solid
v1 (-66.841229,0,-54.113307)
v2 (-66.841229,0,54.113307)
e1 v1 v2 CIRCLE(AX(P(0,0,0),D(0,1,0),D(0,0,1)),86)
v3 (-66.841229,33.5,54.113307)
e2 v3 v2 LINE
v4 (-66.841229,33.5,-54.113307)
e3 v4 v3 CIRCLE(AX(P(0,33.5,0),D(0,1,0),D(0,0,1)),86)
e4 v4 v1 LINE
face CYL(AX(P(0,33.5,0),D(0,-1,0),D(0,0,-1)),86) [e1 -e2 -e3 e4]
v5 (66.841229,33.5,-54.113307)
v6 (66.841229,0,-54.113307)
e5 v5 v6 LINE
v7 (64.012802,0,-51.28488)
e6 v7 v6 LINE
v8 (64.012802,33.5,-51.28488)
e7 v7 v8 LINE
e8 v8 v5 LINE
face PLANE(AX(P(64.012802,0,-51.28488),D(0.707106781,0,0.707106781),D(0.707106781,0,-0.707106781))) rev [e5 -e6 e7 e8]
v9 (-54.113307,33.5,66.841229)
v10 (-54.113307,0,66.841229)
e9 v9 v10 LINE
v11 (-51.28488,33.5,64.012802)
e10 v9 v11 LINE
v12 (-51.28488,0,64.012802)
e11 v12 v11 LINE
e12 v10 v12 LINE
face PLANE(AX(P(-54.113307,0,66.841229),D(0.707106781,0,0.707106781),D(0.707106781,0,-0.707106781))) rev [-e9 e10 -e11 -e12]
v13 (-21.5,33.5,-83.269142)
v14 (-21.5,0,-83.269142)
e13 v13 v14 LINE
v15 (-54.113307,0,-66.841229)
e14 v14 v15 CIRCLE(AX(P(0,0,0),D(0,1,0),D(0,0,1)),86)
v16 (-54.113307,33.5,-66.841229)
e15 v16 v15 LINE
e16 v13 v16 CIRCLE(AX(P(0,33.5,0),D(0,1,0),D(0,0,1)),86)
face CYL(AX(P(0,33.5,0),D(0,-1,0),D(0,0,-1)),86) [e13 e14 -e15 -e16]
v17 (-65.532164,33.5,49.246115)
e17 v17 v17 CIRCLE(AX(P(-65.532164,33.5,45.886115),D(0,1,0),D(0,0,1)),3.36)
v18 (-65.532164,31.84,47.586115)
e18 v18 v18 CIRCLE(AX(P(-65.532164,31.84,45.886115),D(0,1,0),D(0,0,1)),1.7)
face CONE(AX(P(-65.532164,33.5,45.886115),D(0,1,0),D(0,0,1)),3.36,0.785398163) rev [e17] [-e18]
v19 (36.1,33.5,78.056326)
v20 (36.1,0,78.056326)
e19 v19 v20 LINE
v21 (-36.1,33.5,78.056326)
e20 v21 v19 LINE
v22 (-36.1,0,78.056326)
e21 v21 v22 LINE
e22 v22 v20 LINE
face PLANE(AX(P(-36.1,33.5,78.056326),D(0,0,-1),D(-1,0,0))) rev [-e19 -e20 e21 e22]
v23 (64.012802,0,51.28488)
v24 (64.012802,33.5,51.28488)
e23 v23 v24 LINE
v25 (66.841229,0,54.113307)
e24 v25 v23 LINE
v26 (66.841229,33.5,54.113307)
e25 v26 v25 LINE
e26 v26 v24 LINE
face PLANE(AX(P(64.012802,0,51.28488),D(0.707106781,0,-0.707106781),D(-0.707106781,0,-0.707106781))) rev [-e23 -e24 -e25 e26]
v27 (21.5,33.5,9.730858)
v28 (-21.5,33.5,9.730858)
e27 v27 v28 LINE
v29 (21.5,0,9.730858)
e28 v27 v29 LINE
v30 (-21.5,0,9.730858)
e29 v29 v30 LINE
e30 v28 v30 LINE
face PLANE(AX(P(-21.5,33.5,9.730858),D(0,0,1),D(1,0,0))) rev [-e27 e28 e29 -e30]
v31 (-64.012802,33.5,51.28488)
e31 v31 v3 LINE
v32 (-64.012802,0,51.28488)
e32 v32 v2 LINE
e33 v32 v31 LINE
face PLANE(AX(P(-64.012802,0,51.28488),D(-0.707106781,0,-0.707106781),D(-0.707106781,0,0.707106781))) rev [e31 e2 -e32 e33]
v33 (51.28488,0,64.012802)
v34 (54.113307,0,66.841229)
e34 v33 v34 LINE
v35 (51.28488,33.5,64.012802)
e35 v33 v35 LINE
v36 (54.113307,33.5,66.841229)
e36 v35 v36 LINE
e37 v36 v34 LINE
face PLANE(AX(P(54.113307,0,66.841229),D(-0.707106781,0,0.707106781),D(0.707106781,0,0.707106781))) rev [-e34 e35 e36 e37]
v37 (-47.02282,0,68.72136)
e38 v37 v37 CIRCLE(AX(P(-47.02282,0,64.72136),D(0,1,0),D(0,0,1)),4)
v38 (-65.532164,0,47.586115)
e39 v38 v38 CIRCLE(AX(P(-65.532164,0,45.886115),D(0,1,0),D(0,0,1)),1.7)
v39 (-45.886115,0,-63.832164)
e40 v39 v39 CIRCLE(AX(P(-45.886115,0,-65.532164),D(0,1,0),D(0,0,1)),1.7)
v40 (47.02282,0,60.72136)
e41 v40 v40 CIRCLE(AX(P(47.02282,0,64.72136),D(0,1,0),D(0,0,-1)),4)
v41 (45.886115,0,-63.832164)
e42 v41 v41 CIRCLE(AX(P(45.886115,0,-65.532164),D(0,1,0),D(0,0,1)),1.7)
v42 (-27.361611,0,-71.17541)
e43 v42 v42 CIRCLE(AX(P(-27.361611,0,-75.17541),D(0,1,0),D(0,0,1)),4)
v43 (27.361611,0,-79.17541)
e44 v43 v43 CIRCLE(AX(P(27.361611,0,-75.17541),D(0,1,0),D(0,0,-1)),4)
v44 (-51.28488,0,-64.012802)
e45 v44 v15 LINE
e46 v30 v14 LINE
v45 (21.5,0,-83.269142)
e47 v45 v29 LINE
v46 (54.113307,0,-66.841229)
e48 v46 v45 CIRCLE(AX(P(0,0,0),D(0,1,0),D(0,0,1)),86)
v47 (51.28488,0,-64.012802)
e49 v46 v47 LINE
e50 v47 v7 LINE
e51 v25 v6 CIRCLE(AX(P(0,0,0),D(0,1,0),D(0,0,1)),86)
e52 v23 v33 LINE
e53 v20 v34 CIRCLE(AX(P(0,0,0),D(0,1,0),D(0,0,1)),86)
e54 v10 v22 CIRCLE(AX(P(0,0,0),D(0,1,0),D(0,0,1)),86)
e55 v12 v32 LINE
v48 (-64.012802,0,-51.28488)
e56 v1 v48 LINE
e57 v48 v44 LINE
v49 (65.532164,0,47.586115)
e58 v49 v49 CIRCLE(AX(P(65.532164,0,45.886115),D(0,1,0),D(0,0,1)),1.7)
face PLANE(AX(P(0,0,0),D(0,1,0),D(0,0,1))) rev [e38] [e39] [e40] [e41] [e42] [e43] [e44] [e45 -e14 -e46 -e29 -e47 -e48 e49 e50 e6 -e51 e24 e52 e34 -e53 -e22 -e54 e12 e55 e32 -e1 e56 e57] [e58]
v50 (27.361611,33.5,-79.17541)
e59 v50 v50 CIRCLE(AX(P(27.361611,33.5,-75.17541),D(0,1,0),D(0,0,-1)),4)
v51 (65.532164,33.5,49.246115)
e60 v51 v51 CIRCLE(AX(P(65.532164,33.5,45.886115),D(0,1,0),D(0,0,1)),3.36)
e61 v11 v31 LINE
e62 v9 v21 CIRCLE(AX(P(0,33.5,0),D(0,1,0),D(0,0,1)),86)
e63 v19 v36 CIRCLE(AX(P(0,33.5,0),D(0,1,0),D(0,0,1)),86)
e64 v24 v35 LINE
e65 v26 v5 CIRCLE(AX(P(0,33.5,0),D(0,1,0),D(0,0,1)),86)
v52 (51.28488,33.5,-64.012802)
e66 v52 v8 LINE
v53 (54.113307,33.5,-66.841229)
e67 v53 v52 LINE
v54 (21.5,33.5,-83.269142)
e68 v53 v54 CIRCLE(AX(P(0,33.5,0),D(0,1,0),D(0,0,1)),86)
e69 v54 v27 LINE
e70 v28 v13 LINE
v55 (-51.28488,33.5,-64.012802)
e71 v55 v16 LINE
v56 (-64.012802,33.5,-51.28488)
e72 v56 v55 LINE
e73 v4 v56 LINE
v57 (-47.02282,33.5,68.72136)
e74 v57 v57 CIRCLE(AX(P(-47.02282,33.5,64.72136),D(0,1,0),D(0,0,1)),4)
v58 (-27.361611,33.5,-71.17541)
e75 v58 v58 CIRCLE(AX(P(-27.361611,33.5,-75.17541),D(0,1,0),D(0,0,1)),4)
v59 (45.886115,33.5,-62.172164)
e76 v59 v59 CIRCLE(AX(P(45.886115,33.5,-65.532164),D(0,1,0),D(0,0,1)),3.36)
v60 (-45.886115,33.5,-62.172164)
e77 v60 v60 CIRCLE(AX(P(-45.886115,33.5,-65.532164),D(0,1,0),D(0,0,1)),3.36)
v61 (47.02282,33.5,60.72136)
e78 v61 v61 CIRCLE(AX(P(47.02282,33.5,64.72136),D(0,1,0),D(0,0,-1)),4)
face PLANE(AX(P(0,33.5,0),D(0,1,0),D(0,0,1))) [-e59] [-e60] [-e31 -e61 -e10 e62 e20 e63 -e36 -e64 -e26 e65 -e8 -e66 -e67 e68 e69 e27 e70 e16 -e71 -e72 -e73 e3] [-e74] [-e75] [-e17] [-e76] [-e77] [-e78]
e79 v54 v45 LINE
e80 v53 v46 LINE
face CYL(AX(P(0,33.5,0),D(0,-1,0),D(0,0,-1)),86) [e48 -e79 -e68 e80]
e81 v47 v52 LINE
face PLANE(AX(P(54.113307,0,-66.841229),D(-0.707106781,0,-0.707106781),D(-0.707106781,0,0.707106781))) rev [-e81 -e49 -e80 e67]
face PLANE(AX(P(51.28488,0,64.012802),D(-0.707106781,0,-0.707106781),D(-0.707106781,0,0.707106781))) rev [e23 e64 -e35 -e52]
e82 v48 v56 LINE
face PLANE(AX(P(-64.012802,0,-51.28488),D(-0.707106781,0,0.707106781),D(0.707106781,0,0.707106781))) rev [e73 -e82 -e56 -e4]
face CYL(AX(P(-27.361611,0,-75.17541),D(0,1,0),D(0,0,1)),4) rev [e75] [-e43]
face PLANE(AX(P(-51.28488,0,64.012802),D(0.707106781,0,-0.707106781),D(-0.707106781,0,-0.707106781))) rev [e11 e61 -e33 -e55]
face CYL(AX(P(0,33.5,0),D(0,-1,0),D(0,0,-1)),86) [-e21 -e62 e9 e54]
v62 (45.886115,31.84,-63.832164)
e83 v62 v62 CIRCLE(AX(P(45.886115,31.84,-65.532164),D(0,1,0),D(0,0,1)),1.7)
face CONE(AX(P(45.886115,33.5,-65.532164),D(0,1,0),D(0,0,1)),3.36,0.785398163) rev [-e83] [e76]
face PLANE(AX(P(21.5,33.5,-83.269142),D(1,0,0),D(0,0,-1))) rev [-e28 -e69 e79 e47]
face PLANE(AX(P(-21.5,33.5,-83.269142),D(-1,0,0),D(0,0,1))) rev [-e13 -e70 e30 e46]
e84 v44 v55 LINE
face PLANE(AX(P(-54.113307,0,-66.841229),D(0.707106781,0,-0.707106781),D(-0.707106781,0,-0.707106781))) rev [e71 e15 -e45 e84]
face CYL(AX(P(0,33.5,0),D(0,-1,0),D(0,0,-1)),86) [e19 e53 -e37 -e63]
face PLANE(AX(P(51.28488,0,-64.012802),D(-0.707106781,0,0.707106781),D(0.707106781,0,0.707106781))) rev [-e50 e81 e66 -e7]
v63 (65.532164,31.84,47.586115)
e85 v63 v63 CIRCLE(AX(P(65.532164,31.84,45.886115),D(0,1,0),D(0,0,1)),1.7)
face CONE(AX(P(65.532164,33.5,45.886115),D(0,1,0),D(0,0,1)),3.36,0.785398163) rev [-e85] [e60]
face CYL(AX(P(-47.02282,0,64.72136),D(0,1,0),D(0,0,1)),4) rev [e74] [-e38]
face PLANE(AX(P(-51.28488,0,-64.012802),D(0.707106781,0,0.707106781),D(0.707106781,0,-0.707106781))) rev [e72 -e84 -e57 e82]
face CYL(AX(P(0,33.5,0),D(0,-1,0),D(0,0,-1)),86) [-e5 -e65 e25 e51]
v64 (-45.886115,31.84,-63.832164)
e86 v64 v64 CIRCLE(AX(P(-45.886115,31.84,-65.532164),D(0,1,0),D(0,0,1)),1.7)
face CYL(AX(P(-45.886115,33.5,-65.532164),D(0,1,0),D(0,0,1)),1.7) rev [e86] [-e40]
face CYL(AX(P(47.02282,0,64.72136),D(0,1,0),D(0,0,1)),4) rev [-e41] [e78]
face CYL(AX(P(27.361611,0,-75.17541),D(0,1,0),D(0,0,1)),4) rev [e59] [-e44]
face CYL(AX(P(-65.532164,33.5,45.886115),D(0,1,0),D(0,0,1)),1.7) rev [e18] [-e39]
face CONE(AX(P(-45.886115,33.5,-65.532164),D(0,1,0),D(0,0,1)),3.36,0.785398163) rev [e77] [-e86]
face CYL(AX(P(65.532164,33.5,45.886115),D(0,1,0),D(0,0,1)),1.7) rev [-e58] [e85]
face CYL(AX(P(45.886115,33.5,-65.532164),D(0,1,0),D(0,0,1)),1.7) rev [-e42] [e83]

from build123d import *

# Parameters (mm, degrees)
RESSALTO_EXTRUS_O2_DEPTH             = 33.5
ESCAREADO_PARA_SFHCS_M31_D           = 3.4
ESCAREADO_PARA_SFHCS_M31_CSINK_D     = 6.72
ESCAREADO_PARA_SFHCS_M31_CSINK_ANGLE = 90
ESBO_O7_R                            = 4
CORTE_EXTRUS_O1_DEPTH                = 125.306073866
CORTE_EXTRUS_O2_DEPTH                = 125.306073866


with BuildPart() as part:
    # Esboço3 → Ressalto-extrusão2 (new body)
    with BuildSketch(Plane(origin=(0, 0, 0), x_dir=(1, 0, 0), z_dir=(0, 1, 0))):
        with BuildLine():
            Line((-21.5, 83.269141943), (-21.5, -9.730858057))
            Line((-21.5, -9.730858057), (21.5, -9.730858057))
            Line((21.5, -9.730858057), (21.5, 83.269141943))
            ThreePointArc((21.5, 83.269141943), (38.688656502, 76.806170703), (54.113307426, 66.841229488))
            Line((54.113307426, 66.841229488), (66.841229488, 54.113307426))
            ThreePointArc((66.841229488, 54.113307426), (86, 0), (66.841229488, -54.113307426))
            Line((66.841229488, -54.113307426), (54.113307426, -66.841229488))
            ThreePointArc((54.113307426, -66.841229488), (45.453875584, -73.006473647), (36.1, -78.056325817))
            Line((36.1, -78.056325817), (-36.1, -78.056325817))
            ThreePointArc((-36.1, -78.056325817), (-45.453875584, -73.006473647), (-54.113307426, -66.841229488))
            Line((-54.113307426, -66.841229488), (-66.841229488, -54.113307426))
            ThreePointArc((-66.841229488, -54.113307426), (-86, 0), (-66.841229488, 54.113307426))
            Line((-66.841229488, 54.113307426), (-54.113307426, 66.841229488))
            ThreePointArc((-54.113307426, 66.841229488), (-38.688656502, 76.806170703), (-21.5, 83.269141943))
        make_face()
    extrude(amount=RESSALTO_EXTRUS_O2_DEPTH)

    # Escareado para SFHCS M31 (through all)
    with Locations(Plane(origin=(0, 33.5, 0), x_dir=(1, 0, 0), z_dir=(0, 1, 0))):
        with Locations((45.886114908, 65.532163543), (65.532163543, -45.886114908), (-65.532163543, -45.886114908), (-45.886114908, 65.532163543)):
            CounterSinkHole(ESCAREADO_PARA_SFHCS_M31_D / 2, ESCAREADO_PARA_SFHCS_M31_CSINK_D / 2, counter_sink_angle=ESCAREADO_PARA_SFHCS_M31_CSINK_ANGLE)

    # Esboço7 → Corte-extrusão1 (cut, through all)
    with BuildSketch(Plane(origin=(0, 33.5, 0), x_dir=(1, 0, 0), z_dir=(0, 1, 0))):
        with Locations(Location((-27.361611466, 75.175409663, 0), (0, 0, 270))):
            Circle(ESBO_O7_R)
        with Locations(Location((-47.022820183, -64.72135955, 0), (0, 0, 270))):
            Circle(ESBO_O7_R)
        with Locations(Location((47.022820183, -64.72135955, 0), (0, 0, 90))):
            Circle(ESBO_O7_R)
        with Locations(Location((27.361611466, 75.175409663, 0), (0, 0, 90))):
            Circle(ESBO_O7_R)
    extrude(amount=-CORTE_EXTRUS_O1_DEPTH, mode=Mode.SUBTRACT)

    # Esboço9 → Corte-extrusão2 (cut, through all)
    with BuildSketch(Plane(origin=(0, 33.5, 0), x_dir=(1, 0, 0), z_dir=(0, 1, 0))):
        Polygon((-66.841229488, -54.113307426), (-54.113307426, -66.841229488), (-51.284880301, -64.012802363), (-64.012802363, -51.284880301), align=None)
        Polygon((51.284880301, -64.012802363), (64.012802363, -51.284880301), (66.841229488, -54.113307426), (54.113307426, -66.841229488), align=None)
        Polygon((54.113307426, 66.841229488), (51.284880301, 64.012802363), (64.012802363, 51.284880301), (66.841229488, 54.113307426), align=None)
        Polygon((-51.284880301, 64.012802363), (-64.012802363, 51.284880301), (-66.841229488, 54.113307426), (-54.113307426, 66.841229488), align=None)
    extrude(amount=-CORTE_EXTRUS_O2_DEPTH, mode=Mode.SUBTRACT)


solid = part.part
